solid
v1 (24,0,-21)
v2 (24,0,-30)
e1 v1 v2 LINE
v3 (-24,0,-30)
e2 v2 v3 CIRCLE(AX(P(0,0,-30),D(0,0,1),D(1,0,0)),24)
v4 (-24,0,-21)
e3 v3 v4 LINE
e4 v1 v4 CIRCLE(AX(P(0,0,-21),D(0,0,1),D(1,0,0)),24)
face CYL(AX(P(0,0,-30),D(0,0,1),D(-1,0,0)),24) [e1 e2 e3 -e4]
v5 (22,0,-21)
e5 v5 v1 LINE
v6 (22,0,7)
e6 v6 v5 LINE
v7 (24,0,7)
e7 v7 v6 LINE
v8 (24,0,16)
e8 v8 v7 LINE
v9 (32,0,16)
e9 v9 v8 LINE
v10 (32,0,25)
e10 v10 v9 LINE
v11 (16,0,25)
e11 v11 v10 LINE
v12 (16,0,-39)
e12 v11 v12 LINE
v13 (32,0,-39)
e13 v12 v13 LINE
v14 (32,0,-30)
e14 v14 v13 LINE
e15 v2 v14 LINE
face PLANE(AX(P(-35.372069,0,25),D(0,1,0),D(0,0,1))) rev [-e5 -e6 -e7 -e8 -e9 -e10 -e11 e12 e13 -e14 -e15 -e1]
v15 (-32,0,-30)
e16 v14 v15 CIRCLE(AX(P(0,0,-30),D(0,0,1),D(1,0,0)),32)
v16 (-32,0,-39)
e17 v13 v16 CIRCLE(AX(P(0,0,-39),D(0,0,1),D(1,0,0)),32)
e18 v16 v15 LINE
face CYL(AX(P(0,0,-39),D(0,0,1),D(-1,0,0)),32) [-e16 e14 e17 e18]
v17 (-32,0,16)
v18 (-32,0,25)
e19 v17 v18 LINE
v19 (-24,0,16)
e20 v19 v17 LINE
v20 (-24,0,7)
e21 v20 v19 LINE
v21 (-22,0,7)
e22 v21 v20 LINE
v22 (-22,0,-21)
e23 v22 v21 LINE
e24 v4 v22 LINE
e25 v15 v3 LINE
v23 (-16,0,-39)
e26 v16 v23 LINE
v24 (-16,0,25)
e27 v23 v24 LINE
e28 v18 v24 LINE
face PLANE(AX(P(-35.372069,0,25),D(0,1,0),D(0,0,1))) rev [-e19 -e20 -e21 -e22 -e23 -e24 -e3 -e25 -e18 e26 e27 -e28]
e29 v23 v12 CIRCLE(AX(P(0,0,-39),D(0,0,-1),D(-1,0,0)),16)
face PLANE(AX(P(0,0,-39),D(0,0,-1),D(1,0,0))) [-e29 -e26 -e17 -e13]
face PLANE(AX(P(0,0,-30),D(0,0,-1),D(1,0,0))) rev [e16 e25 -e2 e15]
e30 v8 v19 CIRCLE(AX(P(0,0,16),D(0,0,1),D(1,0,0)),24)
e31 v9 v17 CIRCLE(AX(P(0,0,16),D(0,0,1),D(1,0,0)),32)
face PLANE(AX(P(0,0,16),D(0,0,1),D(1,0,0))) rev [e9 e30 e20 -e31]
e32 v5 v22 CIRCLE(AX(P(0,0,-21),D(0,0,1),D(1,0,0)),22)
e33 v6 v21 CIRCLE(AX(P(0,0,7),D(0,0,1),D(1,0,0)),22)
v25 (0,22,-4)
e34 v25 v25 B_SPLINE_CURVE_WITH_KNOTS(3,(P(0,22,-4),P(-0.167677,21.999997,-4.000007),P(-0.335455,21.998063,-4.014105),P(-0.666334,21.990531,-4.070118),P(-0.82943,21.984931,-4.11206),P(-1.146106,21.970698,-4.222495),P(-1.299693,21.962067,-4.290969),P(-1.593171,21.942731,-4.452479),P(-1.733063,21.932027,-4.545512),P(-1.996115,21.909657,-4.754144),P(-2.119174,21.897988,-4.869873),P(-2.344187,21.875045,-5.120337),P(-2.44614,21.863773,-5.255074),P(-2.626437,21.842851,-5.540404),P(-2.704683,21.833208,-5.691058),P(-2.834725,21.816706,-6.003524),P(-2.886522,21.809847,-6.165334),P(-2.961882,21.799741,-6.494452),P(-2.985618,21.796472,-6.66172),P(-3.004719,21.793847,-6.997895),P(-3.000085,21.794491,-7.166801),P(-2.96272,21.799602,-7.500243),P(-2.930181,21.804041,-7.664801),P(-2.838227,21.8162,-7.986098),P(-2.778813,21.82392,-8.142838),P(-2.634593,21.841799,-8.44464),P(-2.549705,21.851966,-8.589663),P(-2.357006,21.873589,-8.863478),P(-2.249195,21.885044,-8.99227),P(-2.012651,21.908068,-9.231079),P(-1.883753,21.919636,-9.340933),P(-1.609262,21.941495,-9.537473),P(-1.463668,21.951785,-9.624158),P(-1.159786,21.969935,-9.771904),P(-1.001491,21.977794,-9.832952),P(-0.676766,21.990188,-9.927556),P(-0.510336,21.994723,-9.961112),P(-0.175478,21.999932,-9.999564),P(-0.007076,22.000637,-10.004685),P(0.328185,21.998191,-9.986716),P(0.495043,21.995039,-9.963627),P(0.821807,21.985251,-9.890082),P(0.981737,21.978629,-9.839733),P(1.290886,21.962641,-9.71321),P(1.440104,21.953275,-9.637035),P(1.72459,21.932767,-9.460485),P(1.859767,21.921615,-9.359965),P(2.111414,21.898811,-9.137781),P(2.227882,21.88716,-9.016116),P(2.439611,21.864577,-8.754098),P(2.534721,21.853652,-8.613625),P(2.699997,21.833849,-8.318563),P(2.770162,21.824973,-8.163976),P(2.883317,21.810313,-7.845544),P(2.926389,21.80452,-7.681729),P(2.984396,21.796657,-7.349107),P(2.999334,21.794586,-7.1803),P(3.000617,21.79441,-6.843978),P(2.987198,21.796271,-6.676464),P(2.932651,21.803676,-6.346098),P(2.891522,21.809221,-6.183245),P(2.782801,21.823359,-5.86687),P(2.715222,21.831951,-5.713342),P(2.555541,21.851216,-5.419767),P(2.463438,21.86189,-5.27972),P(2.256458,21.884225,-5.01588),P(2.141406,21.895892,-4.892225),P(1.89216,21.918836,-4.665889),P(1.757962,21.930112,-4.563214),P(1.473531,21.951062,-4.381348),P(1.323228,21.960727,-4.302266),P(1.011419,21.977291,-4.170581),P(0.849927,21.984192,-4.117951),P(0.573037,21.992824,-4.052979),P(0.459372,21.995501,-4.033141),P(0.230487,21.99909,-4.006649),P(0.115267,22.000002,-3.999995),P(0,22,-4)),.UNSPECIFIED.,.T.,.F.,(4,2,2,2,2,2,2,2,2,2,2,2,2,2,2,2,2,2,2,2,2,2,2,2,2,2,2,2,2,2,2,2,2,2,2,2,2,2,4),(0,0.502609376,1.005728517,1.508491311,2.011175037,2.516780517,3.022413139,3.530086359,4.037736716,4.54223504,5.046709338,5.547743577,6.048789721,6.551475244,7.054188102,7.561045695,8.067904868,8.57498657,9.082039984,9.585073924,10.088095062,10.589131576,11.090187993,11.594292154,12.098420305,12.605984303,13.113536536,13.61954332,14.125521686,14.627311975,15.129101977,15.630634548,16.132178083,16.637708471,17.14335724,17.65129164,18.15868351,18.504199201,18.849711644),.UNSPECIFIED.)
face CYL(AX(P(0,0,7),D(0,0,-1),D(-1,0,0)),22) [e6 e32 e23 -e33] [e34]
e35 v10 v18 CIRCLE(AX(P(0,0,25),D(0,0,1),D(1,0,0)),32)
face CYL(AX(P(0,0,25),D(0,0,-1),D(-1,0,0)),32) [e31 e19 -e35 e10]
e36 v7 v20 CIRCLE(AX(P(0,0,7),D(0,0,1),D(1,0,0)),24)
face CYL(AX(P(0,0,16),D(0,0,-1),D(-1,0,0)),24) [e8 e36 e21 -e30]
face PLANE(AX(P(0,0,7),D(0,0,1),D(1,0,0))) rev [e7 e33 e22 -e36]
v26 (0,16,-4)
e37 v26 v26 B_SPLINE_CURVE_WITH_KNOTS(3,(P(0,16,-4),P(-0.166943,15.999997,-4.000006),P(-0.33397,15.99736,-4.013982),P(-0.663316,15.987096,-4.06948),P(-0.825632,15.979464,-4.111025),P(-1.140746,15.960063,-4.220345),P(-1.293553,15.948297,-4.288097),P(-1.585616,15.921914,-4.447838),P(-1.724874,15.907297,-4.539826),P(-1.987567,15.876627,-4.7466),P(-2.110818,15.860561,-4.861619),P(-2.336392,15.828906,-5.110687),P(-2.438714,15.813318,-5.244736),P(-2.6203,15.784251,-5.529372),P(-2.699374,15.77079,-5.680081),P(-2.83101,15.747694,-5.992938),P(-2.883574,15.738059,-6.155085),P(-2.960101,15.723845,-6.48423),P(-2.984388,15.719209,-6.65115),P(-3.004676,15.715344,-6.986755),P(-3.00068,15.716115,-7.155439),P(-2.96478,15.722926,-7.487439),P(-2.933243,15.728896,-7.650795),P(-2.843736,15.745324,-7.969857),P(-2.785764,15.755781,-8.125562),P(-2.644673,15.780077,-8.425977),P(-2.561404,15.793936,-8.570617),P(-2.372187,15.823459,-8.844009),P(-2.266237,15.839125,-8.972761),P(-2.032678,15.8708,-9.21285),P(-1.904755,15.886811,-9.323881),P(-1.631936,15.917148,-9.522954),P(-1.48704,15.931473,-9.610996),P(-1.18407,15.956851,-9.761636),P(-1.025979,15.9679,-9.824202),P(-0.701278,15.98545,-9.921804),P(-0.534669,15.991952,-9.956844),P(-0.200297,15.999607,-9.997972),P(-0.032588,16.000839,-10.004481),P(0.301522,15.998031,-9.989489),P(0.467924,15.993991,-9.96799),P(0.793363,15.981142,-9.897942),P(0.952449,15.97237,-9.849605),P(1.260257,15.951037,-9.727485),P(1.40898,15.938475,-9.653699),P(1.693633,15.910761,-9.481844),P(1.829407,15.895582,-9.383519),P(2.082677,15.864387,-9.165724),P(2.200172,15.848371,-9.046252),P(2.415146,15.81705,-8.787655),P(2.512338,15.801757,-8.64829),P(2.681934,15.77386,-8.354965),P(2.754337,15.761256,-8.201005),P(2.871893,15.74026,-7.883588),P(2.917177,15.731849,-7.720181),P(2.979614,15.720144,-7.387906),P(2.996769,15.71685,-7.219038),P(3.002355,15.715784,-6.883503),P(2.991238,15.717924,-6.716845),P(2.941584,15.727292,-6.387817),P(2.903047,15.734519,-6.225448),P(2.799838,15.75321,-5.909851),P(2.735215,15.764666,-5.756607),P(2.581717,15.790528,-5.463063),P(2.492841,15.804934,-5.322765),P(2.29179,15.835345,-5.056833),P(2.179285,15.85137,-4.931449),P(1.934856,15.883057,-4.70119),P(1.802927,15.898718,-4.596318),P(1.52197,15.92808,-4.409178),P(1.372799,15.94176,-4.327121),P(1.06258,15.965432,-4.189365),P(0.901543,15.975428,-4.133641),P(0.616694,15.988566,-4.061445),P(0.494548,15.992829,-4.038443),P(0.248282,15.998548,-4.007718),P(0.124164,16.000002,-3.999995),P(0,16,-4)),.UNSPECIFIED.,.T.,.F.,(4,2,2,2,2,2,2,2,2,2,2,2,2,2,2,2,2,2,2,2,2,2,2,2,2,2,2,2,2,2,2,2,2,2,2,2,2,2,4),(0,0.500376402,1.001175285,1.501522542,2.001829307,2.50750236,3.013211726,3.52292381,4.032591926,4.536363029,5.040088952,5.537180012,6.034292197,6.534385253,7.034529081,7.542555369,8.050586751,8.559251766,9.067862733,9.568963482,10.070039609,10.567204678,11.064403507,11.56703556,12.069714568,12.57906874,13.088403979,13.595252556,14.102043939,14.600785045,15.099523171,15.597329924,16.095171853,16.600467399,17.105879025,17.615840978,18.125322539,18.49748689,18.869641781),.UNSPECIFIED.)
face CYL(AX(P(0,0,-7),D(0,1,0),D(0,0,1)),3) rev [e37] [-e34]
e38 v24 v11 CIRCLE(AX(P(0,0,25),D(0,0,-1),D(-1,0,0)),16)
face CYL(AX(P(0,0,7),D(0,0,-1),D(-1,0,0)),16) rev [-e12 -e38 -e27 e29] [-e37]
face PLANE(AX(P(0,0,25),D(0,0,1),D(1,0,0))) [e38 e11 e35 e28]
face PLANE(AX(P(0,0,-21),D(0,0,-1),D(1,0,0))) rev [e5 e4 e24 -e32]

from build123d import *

# Parameters (mm, degrees)
SKETCH1_R           = 22
SKETCH1_R_2         = 16
BOSS_EXTRUDE2_DEPTH = 7
SKETCH3_R           = 24
BOSS_EXTRUDE6_DEPTH = 9
SKETCH6_R           = 32
BOSS_EXTRUDE7_DEPTH = 9
SKETCH7_R           = 16
CUT_EXTRUDE2_DEPTH  = 56.425625842
CUT_EXTRUDE3_DEPTH  = 79.383671769
SKETCH9_R           = 3
CUT_EXTRUDE4_DEPTH  = 56.036351623


with BuildPart() as part:
    # Sketch1 → Boss-Extrude2 (new, symmetric)
    with BuildSketch(Plane.XY):
        Circle(SKETCH1_R)
        Circle(SKETCH1_R_2, mode=Mode.SUBTRACT)
    extrude(amount=BOSS_EXTRUDE2_DEPTH, both=True)

    # Sketch3 → Boss-Extrude6 (add)
    with BuildSketch(Plane.XY.offset(7)):
        Circle(SKETCH3_R)
    extrude(amount=BOSS_EXTRUDE6_DEPTH)

    # Sketch6 → Boss-Extrude7 (add)
    with BuildSketch(Plane.XY.offset(16)):
        Circle(SKETCH6_R)
    extrude(amount=BOSS_EXTRUDE7_DEPTH)

    # Sketch7 → Cut-Extrude2 (cut, through all)
    with BuildSketch(Plane(origin=(0, 0, -7), x_dir=(-1, 0, 0), z_dir=(0, 0, -1))):
        Circle(SKETCH7_R)
    extrude(amount=-CUT_EXTRUDE2_DEPTH, mode=Mode.SUBTRACT)

    # Mirror3: part across plane


with BuildPart() as part_1:
    add(part.part)
    add(part.part.mirror(Plane.XY.offset(-7)))

    # Sketch8 → Cut-Extrude3 (cut, through all)
    with BuildSketch(Plane.XY.offset(25)):
        Polygon((-194.543052514, 0), (-35.372068519, 0), (34.570182834, 0), (193.741166829, 0), (193.741166829, -318.34196799), (-194.543052514, -318.34196799), align=None)
    extrude(amount=-CUT_EXTRUDE3_DEPTH, mode=Mode.SUBTRACT)

    # Sketch9 → Cut-Extrude4 (cut, through all)
    with BuildSketch(Plane(origin=(0, 22, 0), x_dir=(1, 0, 0), z_dir=(0, 1, 0))):
        with Locations(Location((0, 7, 0), (0, 0, 270))):
            Circle(SKETCH9_R)
    extrude(amount=-CUT_EXTRUDE4_DEPTH, mode=Mode.SUBTRACT)


solid = part_1.part
